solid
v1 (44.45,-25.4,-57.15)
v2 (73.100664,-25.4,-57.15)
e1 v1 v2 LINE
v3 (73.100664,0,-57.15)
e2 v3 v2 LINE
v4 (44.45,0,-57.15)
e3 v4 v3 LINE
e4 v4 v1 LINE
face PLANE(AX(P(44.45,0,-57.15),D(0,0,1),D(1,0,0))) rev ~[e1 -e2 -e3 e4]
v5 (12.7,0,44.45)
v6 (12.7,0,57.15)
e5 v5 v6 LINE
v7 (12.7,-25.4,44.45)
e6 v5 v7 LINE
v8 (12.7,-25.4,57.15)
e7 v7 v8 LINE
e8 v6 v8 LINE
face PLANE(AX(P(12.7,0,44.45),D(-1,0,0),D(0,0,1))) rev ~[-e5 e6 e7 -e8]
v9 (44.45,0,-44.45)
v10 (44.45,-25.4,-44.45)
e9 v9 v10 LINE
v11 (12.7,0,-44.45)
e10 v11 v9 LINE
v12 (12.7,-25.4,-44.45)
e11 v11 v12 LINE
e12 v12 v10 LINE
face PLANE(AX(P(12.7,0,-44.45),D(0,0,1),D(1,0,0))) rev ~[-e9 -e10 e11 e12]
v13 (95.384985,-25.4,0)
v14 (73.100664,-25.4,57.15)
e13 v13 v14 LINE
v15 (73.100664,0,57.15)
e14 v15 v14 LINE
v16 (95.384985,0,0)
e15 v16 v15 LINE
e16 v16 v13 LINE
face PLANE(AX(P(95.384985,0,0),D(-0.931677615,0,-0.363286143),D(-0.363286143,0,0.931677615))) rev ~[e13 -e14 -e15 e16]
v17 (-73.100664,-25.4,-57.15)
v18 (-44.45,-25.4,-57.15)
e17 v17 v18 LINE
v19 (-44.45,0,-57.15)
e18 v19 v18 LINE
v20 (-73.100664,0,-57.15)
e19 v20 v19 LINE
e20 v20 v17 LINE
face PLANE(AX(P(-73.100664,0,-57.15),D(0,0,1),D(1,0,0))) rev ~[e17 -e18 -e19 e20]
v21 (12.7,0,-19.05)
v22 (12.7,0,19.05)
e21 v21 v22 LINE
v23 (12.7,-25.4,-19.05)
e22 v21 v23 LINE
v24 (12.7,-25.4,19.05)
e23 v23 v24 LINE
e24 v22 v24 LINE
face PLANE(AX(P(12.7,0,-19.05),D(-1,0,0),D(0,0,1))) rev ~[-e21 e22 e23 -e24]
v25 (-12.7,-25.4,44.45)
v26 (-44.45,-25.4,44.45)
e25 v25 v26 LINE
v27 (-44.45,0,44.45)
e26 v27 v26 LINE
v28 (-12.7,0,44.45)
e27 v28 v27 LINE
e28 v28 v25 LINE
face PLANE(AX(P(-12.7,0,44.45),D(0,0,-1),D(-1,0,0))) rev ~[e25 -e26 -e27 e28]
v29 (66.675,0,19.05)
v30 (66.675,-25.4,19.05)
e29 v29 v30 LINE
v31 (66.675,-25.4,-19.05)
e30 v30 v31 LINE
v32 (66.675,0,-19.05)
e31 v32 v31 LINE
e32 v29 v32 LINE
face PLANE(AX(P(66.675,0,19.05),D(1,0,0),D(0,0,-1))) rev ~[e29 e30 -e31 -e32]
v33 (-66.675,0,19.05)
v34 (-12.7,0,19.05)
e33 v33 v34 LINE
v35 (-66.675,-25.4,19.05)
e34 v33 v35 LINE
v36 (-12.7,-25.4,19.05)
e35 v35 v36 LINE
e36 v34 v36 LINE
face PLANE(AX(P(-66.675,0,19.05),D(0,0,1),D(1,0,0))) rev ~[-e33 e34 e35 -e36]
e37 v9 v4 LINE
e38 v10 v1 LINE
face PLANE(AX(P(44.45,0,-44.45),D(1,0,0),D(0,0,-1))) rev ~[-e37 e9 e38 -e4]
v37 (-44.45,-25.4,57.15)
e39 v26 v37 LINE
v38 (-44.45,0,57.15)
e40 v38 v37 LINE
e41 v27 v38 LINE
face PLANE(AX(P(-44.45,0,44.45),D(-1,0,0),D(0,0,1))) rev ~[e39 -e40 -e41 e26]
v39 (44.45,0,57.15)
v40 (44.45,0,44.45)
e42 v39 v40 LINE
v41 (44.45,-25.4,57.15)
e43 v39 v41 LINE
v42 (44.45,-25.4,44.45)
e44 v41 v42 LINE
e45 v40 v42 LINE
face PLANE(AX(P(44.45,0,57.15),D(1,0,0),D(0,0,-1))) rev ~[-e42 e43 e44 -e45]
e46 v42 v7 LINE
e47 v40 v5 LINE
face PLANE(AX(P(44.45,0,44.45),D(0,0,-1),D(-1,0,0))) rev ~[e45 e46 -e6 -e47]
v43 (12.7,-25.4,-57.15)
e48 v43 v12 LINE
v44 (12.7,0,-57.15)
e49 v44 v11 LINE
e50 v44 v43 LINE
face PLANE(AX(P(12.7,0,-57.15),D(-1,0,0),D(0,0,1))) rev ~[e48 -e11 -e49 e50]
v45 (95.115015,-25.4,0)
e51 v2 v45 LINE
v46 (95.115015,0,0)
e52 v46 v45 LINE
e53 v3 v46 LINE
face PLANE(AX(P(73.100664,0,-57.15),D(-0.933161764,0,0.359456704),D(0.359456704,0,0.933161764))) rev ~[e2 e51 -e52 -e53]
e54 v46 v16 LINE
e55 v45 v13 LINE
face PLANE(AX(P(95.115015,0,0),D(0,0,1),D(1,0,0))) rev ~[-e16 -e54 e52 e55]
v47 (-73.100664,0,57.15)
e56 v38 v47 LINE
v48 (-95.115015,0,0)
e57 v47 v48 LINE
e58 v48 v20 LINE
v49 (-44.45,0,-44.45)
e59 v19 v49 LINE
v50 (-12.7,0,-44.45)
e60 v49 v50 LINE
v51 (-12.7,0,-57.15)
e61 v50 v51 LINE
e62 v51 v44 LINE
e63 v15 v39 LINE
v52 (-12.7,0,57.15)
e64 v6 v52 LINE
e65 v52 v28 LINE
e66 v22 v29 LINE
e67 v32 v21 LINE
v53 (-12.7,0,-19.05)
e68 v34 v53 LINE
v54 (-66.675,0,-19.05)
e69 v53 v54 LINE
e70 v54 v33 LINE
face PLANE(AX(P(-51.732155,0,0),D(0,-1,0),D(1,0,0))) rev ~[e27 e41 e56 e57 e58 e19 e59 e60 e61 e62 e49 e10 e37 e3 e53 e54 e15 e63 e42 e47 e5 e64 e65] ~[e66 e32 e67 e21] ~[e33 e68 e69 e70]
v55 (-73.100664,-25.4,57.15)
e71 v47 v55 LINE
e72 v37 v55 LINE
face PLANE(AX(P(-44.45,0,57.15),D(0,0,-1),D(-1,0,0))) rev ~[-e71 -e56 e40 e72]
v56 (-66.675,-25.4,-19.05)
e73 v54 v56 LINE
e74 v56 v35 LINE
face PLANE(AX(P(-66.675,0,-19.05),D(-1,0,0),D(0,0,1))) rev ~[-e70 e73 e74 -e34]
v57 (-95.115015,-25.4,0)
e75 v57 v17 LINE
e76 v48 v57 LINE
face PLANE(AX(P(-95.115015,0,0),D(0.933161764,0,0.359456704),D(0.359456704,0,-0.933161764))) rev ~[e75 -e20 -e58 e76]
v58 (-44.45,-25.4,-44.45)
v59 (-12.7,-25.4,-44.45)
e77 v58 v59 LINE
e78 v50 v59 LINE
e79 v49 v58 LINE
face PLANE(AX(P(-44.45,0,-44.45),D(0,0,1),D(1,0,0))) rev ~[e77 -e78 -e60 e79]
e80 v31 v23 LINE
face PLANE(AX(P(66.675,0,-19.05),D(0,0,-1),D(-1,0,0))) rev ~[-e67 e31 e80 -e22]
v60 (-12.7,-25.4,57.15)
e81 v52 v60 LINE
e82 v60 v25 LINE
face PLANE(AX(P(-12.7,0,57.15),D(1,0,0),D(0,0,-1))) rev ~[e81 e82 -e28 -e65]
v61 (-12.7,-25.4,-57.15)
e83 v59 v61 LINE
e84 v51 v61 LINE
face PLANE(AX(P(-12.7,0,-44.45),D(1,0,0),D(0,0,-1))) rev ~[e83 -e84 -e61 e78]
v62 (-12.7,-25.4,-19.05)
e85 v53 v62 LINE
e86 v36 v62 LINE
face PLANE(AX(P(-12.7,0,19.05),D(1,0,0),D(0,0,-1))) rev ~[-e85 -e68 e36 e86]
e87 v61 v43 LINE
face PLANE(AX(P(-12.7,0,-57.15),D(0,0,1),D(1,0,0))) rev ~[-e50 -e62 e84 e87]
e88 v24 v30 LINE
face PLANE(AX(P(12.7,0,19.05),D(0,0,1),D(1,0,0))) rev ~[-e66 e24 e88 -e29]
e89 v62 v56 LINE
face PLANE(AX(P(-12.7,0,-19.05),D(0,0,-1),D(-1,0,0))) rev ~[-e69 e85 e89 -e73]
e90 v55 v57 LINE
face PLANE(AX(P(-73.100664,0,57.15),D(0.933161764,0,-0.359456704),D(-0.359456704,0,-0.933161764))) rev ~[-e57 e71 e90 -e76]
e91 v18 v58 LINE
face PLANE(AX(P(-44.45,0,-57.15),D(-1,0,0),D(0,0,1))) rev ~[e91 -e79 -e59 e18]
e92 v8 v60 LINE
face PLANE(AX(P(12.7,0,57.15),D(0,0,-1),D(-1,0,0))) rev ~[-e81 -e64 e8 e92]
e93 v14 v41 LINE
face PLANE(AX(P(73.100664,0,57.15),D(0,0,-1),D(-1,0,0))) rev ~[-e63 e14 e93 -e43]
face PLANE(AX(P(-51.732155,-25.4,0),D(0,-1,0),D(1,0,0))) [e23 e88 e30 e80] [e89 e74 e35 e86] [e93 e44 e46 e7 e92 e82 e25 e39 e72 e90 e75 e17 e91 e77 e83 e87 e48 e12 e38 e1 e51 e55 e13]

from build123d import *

# Parameters (mm, degrees)
F1_DEPTH = 25.4


with BuildPart() as f1:
    # F0 (on Front) → F1 (new body)
    with BuildSketch(Plane.XZ):
        Polygon((-12.7, 19.05), (-12.7, 44.45), (-44.45, 44.45), (-44.45, 57.15), (-73.100664, 57.15), (-95.115015, 0), (-73.100664, -57.15), (-44.45, -57.15), (-44.45, -44.45), (-12.7, -44.45), (-12.7, -19.05), (-66.675, -19.05), (-66.675, 0), (-66.675, 19.05), align=None)
        Polygon((12.7, 44.45), (12.7, 57.15), (-12.7, 57.15), (-12.7, 44.45), (-12.7, 19.05), (-12.7, 0), (12.7, 0), (12.7, 19.05), align=None)
        Polygon((12.7, -19.05), (12.7, 0), (-12.7, 0), (-12.7, -19.05), (-12.7, -44.45), (-12.7, -57.15), (12.7, -57.15), (12.7, -44.45), align=None)
        Polygon((44.45, 44.45), (12.7, 44.45), (12.7, 19.05), (66.675, 19.05), (66.675, 0), (66.675, -19.05), (12.7, -19.05), (12.7, -44.45), (44.45, -44.45), (44.45, -57.15), (73.100664, -57.15), (95.115015, 0), (95.384985, 0), (73.100664, 57.15), (44.45, 57.15), align=None)
    extrude(amount=F1_DEPTH)


solid = f1.part
